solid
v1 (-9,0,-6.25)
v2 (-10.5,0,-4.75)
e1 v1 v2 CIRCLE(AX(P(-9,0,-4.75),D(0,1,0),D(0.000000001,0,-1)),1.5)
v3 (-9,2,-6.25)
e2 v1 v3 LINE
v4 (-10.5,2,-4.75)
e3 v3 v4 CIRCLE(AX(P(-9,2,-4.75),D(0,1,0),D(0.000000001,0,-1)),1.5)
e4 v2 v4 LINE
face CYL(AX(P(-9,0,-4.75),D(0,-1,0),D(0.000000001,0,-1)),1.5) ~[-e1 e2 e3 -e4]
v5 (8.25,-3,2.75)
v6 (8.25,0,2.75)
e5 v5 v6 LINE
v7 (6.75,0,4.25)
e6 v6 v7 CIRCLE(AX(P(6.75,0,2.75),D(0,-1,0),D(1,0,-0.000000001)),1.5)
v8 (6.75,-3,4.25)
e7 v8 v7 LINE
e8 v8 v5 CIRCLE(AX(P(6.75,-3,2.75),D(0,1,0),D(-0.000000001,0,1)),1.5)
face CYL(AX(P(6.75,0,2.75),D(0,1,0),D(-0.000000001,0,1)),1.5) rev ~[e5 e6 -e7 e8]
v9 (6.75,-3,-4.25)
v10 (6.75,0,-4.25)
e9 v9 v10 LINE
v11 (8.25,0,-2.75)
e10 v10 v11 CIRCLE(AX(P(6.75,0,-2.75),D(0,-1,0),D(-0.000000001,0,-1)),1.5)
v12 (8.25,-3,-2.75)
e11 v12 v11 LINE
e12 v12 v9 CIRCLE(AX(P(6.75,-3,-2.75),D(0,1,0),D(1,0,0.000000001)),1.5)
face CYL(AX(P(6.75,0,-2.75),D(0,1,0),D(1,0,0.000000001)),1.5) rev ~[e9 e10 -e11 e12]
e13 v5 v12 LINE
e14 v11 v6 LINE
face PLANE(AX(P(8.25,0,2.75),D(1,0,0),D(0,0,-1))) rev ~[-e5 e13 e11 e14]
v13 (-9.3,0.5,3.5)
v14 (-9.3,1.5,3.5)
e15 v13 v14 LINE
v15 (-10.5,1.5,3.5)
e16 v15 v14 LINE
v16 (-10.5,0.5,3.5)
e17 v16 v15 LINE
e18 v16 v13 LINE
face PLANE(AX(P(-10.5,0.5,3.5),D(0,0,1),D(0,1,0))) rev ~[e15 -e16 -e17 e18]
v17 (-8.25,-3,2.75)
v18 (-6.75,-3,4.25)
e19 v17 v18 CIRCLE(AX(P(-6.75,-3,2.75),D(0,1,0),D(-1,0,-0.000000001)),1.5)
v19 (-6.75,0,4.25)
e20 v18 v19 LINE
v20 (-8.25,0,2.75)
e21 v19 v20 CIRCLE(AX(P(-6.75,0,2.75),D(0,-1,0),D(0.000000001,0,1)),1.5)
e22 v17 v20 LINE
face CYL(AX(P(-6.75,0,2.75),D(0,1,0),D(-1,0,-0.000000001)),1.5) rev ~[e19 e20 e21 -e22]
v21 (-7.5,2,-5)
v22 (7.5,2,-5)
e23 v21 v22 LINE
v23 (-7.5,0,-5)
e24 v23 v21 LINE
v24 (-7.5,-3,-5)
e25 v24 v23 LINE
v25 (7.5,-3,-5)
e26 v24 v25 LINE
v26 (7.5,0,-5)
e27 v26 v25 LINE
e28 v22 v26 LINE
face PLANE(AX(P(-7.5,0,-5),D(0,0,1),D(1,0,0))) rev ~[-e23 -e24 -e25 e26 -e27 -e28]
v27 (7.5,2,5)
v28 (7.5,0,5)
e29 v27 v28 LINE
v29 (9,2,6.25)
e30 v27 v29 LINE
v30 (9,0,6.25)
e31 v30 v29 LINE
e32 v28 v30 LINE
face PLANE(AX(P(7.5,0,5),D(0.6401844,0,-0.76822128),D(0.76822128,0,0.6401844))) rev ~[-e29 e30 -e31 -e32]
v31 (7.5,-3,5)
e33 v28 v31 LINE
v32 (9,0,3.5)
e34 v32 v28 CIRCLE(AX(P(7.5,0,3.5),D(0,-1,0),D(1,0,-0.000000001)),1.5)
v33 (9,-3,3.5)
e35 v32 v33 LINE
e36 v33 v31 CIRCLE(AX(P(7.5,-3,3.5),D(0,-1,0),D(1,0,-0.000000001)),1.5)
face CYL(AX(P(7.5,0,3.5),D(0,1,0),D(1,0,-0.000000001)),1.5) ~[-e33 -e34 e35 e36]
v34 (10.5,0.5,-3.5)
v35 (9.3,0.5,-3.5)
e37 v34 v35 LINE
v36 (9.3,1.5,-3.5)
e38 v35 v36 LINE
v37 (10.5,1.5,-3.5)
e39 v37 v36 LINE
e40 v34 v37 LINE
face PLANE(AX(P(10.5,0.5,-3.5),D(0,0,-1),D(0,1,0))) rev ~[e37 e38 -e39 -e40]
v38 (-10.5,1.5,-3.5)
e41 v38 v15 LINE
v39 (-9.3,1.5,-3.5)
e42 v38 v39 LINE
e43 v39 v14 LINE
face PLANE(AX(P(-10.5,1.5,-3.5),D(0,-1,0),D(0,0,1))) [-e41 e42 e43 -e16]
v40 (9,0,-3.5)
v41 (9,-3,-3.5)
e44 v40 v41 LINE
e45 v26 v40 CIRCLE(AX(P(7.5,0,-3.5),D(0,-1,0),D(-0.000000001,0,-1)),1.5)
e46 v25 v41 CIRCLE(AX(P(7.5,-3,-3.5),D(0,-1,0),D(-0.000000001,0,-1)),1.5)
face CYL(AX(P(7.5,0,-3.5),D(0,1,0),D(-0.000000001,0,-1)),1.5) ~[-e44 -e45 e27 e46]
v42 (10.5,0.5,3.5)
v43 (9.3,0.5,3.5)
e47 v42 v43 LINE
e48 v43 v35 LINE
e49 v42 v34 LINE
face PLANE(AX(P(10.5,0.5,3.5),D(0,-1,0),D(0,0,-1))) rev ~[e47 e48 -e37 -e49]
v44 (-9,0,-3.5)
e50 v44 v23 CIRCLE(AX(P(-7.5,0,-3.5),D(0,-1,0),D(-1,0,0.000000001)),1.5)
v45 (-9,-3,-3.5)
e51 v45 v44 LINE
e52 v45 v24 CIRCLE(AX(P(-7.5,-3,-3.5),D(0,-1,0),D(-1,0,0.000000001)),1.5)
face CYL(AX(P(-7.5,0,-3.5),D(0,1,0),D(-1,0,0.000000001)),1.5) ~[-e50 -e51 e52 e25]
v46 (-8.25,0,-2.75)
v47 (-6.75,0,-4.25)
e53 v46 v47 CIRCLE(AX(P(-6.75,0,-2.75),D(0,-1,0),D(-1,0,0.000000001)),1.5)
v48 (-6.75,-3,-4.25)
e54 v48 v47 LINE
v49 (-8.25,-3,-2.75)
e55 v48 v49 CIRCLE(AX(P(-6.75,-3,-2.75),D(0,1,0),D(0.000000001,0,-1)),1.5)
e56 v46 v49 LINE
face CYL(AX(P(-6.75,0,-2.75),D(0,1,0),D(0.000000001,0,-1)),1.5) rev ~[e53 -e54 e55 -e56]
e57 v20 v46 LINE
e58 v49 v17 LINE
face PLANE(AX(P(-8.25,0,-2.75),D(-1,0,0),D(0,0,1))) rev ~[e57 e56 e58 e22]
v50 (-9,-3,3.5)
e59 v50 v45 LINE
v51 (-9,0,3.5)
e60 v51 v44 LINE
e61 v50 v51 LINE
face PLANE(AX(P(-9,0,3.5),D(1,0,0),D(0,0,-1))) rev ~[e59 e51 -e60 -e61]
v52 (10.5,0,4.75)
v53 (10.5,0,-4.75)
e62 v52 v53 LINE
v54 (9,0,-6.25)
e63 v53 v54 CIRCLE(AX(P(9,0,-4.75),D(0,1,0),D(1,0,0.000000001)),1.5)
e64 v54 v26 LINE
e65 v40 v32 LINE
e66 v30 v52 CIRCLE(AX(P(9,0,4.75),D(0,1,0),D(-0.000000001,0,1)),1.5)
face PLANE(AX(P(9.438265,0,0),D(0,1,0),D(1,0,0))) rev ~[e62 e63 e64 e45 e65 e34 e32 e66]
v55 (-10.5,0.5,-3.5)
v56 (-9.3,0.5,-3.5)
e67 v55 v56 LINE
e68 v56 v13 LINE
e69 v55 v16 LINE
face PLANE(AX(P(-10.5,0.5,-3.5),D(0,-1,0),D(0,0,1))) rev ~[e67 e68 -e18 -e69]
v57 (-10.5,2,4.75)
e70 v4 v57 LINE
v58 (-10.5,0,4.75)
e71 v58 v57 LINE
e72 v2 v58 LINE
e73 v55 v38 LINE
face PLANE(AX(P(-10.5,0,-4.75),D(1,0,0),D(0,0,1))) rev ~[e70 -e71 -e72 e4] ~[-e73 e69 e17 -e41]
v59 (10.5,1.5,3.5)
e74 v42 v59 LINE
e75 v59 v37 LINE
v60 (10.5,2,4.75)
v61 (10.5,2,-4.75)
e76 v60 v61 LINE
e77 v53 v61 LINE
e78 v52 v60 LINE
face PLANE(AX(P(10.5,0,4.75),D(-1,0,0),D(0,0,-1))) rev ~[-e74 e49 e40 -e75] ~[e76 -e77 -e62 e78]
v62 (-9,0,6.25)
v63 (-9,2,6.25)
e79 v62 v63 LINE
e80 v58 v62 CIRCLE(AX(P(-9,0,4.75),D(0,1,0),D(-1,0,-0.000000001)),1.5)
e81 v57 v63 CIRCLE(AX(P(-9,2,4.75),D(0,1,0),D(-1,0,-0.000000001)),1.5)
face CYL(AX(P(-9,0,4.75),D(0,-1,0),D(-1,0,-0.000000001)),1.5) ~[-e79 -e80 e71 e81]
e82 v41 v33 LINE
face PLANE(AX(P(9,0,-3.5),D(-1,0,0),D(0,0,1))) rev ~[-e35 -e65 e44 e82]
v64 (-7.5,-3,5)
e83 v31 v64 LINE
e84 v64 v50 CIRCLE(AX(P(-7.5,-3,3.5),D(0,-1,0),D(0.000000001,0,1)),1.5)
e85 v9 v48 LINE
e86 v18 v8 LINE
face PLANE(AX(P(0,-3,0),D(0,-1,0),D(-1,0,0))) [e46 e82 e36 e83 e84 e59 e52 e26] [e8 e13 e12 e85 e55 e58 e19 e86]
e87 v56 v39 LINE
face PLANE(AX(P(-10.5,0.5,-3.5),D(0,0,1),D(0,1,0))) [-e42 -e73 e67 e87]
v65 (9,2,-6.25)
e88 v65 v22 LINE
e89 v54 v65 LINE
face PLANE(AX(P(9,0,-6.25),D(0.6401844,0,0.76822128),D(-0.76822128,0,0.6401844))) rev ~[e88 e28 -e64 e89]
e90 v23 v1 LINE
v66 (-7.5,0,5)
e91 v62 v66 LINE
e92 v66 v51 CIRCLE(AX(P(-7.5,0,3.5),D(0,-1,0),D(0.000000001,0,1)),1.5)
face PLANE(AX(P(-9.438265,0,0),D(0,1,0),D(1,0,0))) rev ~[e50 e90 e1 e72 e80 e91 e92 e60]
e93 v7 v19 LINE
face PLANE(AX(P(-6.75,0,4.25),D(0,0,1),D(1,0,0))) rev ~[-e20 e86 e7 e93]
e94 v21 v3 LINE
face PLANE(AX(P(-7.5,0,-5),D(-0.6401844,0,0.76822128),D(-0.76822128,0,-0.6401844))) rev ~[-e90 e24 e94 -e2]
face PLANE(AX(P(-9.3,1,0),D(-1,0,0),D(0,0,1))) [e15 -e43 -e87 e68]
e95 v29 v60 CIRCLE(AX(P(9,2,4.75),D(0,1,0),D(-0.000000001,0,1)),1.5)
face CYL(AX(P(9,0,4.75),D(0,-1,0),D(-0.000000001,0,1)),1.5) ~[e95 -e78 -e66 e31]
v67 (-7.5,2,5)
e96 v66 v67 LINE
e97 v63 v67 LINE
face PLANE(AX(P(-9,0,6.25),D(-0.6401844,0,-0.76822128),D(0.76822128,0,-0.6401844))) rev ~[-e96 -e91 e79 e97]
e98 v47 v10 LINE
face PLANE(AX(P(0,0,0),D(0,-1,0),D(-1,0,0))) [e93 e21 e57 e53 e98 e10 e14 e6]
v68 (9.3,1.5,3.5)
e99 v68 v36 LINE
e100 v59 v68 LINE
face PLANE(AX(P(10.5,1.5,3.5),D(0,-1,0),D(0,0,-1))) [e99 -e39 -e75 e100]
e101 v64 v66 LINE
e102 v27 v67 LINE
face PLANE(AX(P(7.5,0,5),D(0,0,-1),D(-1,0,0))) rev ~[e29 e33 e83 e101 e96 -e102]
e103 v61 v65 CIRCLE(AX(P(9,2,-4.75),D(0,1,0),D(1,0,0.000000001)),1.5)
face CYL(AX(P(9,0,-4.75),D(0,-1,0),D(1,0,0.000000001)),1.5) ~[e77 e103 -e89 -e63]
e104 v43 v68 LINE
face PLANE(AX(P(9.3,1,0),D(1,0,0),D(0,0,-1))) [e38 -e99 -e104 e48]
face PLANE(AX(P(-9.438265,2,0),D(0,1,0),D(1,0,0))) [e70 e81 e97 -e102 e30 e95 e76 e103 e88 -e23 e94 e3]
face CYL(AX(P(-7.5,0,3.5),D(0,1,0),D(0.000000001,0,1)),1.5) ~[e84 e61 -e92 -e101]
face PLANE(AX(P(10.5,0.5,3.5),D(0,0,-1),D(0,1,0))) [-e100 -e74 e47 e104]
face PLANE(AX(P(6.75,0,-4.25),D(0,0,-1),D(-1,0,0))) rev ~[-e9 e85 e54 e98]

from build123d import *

# Parameters (mm, degrees)
BOSS_EXTRUDE1_DEPTH      = 2
BOSS_EXTRUDE1_DEPTH_BACK = 3
BOSS_EXTRUDE2_DEPTH      = 2
BOSS_EXTRUDE3_DEPTH      = 2
SKETCH3_W                = 7
SKETCH3_H                = 1
CUT_EXTRUDE2_DEPTH       = 1.2
SKETCH4_W                = 7
SKETCH4_H                = 1
CUT_EXTRUDE3_DEPTH       = 1.2


with BuildPart() as part:
    # Sketch2 → Boss-Extrude1 (new, two sides: drawn at the far end of the back side and taken through both)
    with BuildSketch(Plane(origin=(0, 0, 0), x_dir=(1, 0, 0), z_dir=(0, 1, 0)).offset(-BOSS_EXTRUDE1_DEPTH_BACK)):
        with BuildLine():
            Line((7.5, 5), (-7.5, 5))
            ThreePointArc((-7.5, 5), (-8.560660172, 4.560660172), (-9, 3.5))
            Line((-9, 3.5), (-9, -3.5))
            ThreePointArc((-9, -3.5), (-8.560660172, -4.560660172), (-7.5, -5))
            Line((-7.5, -5), (7.5, -5))
            ThreePointArc((7.5, -5), (8.560660172, -4.560660172), (9, -3.5))
            Line((9, -3.5), (9, 3.5))
            ThreePointArc((9, 3.5), (8.560660172, 4.560660172), (7.5, 5))
        make_face()
        with BuildLine():
            Line((-6.75, 4.25), (6.75, 4.25))
            ThreePointArc((6.75, 4.25), (7.810660172, 3.810660172), (8.25, 2.75))
            Line((8.25, 2.75), (8.25, -2.75))
            ThreePointArc((8.25, -2.75), (7.810660172, -3.810660172), (6.75, -4.25))
            Line((6.75, -4.25), (-6.75, -4.25))
            ThreePointArc((-6.75, -4.25), (-7.810660172, -3.810660172), (-8.25, -2.75))
            Line((-8.25, -2.75), (-8.25, 2.75))
            ThreePointArc((-8.25, 2.75), (-7.810660172, 3.810660172), (-6.75, 4.25))
        make_face(mode=Mode.SUBTRACT)
    extrude(amount=BOSS_EXTRUDE1_DEPTH + BOSS_EXTRUDE1_DEPTH_BACK)

    # Sketch2<3> → Boss-Extrude2 (add)
    with BuildSketch(Plane(origin=(0, 0, 0), x_dir=(1, 0, 0), z_dir=(0, 1, 0))):
        with BuildLine():
            ThreePointArc((8.25, 2.75), (7.810660172, 3.810660172), (6.75, 4.25))
            Line((6.75, 4.25), (-6.75, 4.25))
            ThreePointArc((-6.75, 4.25), (-7.810660172, 3.810660172), (-8.25, 2.75))
            Line((-8.25, 2.75), (-8.25, -2.75))
            ThreePointArc((-8.25, -2.75), (-7.810660172, -3.810660172), (-6.75, -4.25))
            Line((-6.75, -4.25), (6.75, -4.25))
            ThreePointArc((6.75, -4.25), (7.810660172, -3.810660172), (8.25, -2.75))
            Line((8.25, -2.75), (8.25, 2.75))
        make_face()
    extrude(amount=BOSS_EXTRUDE2_DEPTH)

    # Sketch2<4> → Boss-Extrude3 (add)
    with BuildSketch(Plane(origin=(0, 0, 0), x_dir=(1, 0, 0), z_dir=(0, 1, 0))):
        with BuildLine():
            Line((-7.5, 5), (-9, 6.25))
            ThreePointArc((-9, 6.25), (-10.060660172, 5.810660172), (-10.5, 4.75))
            Line((-10.5, 4.75), (-10.5, -4.75))
            ThreePointArc((-10.5, -4.75), (-10.060660172, -5.810660172), (-9, -6.25))
            Line((-9, -6.25), (-7.5, -5))
            ThreePointArc((-7.5, -5), (-8.560660172, -4.560660172), (-9, -3.5))
            Line((-9, -3.5), (-9, 3.5))
            ThreePointArc((-9, 3.5), (-8.560660172, 4.560660172), (-7.5, 5))
        make_face()
        with BuildLine():
            Line((9, 6.25), (7.5, 5))
            ThreePointArc((7.5, 5), (8.560660172, 4.560660172), (9, 3.5))
            Line((9, 3.5), (9, -3.5))
            ThreePointArc((9, -3.5), (8.560660172, -4.560660172), (7.5, -5))
            Line((7.5, -5), (9, -6.25))
            ThreePointArc((9, -6.25), (10.060660172, -5.810660172), (10.5, -4.75))
            Line((10.5, -4.75), (10.5, 4.75))
            ThreePointArc((10.5, 4.75), (10.060660172, 5.810660172), (9, 6.25))
        make_face()
    extrude(amount=BOSS_EXTRUDE3_DEPTH)

    # Sketch3 → Cut-Extrude2 (cut)
    with BuildSketch(Plane.ZY.offset(10.5)):
        with Locations((0, 1)):
            Rectangle(SKETCH3_W, SKETCH3_H)
    extrude(amount=-CUT_EXTRUDE2_DEPTH, mode=Mode.SUBTRACT)

    # Sketch4 → Cut-Extrude3 (cut)
    with BuildSketch(Plane(origin=(10.5, 0, 0), x_dir=(0, 0, -1), z_dir=(1, 0, 0))):
        with Locations((0, 1)):
            Rectangle(SKETCH4_W, SKETCH4_H)
    extrude(amount=-CUT_EXTRUDE3_DEPTH, mode=Mode.SUBTRACT)


solid = part.part
